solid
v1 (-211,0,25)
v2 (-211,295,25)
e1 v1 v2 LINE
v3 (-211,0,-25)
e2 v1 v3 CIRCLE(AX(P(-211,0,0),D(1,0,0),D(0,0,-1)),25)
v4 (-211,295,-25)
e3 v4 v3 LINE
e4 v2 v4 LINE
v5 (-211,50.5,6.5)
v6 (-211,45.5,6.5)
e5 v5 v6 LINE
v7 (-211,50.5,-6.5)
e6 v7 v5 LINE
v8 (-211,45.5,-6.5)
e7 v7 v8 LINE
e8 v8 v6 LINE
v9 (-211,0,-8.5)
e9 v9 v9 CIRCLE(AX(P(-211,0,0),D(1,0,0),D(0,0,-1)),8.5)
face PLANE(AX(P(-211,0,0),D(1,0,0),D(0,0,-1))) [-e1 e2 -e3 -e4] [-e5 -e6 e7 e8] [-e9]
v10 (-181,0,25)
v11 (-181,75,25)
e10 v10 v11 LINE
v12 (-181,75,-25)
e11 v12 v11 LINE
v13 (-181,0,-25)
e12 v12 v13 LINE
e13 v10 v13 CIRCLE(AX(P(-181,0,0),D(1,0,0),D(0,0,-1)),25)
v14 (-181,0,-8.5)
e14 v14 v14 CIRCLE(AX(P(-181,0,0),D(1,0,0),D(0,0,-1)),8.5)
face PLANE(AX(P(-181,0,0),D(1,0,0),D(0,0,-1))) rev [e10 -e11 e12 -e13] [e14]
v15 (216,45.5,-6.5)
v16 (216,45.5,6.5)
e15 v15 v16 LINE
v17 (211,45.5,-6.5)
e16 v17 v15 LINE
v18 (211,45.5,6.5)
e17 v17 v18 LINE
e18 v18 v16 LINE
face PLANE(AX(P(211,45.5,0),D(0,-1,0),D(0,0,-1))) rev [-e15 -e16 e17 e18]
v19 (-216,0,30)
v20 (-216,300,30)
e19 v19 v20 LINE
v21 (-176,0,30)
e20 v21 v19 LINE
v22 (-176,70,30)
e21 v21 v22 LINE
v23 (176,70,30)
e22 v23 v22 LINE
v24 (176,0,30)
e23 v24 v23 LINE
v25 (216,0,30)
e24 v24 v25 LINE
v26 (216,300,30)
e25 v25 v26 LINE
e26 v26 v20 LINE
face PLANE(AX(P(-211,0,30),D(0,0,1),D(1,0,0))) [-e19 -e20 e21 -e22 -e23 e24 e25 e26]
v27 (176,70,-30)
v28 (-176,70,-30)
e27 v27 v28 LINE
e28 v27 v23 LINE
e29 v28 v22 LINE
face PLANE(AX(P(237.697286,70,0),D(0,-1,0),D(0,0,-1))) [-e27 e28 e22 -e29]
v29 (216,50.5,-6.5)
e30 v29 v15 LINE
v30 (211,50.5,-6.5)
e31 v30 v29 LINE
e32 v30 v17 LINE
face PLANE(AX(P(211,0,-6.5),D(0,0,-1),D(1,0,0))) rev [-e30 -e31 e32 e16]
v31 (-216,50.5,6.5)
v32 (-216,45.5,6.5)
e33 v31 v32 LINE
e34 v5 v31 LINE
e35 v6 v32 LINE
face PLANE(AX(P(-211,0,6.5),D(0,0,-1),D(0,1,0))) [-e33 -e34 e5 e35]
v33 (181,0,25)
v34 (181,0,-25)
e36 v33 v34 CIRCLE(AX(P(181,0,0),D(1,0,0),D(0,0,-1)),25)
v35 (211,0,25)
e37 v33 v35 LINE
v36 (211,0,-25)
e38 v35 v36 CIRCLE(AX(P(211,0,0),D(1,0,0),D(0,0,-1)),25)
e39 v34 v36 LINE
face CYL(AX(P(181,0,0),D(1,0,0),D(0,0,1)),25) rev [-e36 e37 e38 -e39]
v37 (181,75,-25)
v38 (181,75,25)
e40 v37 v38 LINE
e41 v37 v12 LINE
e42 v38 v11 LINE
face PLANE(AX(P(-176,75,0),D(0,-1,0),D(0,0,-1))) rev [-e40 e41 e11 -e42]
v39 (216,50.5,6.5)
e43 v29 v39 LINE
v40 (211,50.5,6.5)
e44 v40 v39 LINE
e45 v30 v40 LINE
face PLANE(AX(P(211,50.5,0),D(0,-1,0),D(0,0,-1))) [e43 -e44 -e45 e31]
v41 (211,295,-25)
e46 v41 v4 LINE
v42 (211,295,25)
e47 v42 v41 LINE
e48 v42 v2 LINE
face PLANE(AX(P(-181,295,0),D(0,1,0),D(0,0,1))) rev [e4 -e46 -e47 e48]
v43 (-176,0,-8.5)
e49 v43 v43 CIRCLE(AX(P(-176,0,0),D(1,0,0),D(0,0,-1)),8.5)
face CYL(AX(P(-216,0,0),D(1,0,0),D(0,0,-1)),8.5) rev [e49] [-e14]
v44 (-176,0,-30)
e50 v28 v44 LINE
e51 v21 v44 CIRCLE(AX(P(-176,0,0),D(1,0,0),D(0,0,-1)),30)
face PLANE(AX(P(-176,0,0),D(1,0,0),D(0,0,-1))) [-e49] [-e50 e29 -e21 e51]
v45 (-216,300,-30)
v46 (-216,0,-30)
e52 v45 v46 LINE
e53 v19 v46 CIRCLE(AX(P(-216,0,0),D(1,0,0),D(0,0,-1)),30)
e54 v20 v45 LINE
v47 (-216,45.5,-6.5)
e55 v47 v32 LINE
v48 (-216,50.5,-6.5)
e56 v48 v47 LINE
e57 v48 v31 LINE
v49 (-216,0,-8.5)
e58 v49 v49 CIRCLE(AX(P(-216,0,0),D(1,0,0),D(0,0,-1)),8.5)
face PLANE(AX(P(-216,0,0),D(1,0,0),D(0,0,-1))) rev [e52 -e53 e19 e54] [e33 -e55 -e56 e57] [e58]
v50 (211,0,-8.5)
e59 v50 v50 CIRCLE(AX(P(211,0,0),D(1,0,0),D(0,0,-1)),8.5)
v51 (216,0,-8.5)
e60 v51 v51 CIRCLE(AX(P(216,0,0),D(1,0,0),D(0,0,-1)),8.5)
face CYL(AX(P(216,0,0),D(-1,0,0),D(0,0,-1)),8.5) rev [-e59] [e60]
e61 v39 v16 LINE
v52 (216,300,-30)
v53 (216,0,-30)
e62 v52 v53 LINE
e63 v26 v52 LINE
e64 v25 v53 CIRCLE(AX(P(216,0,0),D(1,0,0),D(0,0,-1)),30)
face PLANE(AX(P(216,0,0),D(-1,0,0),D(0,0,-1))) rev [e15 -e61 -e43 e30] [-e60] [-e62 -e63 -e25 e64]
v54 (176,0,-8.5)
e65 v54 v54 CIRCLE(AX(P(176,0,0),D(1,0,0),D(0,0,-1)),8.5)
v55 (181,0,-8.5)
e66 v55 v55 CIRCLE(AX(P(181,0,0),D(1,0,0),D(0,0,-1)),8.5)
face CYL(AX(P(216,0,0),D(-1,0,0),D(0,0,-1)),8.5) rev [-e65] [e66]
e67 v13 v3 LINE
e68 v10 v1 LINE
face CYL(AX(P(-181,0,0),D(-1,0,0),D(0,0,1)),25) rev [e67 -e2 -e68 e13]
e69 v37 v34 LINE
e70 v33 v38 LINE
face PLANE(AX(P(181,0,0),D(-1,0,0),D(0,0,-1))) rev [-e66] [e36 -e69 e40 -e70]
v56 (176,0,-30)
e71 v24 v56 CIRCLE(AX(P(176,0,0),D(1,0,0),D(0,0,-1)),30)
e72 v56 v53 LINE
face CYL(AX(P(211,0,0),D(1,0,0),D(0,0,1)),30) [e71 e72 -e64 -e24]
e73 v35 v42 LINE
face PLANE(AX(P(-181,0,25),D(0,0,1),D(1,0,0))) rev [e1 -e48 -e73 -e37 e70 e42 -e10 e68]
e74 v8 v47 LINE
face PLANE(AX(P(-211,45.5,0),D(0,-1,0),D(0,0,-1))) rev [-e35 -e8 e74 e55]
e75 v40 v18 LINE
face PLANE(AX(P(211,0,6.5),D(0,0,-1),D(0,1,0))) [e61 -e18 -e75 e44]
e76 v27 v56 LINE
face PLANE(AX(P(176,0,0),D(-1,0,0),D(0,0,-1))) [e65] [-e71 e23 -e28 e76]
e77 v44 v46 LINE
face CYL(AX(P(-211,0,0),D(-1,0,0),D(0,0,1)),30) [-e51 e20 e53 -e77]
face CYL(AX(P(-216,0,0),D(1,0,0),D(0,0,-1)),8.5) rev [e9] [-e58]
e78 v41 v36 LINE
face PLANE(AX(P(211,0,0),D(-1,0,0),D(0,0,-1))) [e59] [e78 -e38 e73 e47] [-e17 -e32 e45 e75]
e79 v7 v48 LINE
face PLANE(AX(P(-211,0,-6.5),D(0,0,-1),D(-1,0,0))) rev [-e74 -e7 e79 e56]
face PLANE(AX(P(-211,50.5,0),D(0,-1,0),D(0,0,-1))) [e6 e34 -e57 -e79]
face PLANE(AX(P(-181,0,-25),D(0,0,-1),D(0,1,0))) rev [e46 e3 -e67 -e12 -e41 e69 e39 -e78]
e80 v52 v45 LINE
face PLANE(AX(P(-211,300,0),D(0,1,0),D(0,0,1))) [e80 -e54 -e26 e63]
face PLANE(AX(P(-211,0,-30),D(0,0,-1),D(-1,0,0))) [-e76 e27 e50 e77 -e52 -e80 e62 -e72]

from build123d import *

# Parameters (mm, degrees)
BOSS_EXTRUDE1_START = -216
SKETCH3_W           = 13
SKETCH3_H           = 5
BOSS_EXTRUDE1_DEPTH = 5
BOSS_EXTRUDE2_START = -211
SKETCH3_4_W         = 5
SKETCH3_4_H         = 5
BOSS_EXTRUDE2_DEPTH = 30
BOSS_EXTRUDE3_START = -181
SKETCH3_5_W         = 50
SKETCH3_5_H         = 220
BOSS_EXTRUDE3_DEPTH = 5
BOSS_EXTRUDE4_START = -176
SKETCH3_6_W         = 5
SKETCH3_6_H         = 5
SKETCH3_6_W_2       = 50
BOSS_EXTRUDE4_DEPTH = 176
SKETCH6_R           = 8.5
CUT_EXTRUDE1_DEPTH  = 371.885427053


with BuildPart() as part:
    # Sketch3 → Boss-Extrude1 (new body)
    with BuildSketch(Plane(origin=(0, 0, 0), x_dir=(0, 0, -1), z_dir=(1, 0, 0)).offset(BOSS_EXTRUDE1_START)):
        with BuildLine():
            Line((-30, 0), (-30, 300))
            Line((-30, 300), (30, 300))
            Line((30, 300), (30, 0))
            ThreePointArc((30, 0), (0, -30), (-30, 0))
        make_face()
        with Locations((0, 48)):
            Rectangle(SKETCH3_W, SKETCH3_H, mode=Mode.SUBTRACT)
    extrude(amount=BOSS_EXTRUDE1_DEPTH)

    # Sketch3<4> → Boss-Extrude2 (add)
    with BuildSketch(Plane(origin=(0, 0, 0), x_dir=(0, 0, -1), z_dir=(1, 0, 0)).offset(BOSS_EXTRUDE2_START)):
        Polygon((-30, 300), (-30, 75), (-25, 75), (-25, 295), (25, 295), (25, 75), (30, 75), (30, 300), align=None)
        with BuildLine():
            Line((-30, 70), (-30, 0))
            ThreePointArc((-30, 0), (0, -30), (30, 0))
            Line((30, 0), (30, 70))
            Line((30, 70), (25, 70))
            Line((25, 70), (25, 0))
            ThreePointArc((25, 0), (0, -25), (-25, 0))
            Line((-25, 0), (-25, 70))
            Line((-25, 70), (-30, 70))
        make_face()
        with Locations((-27.5, 72.5)):
            Rectangle(SKETCH3_4_W, SKETCH3_4_H)
        with Locations((27.5, 72.5)):
            Rectangle(SKETCH3_4_W, SKETCH3_4_H)
    extrude(amount=BOSS_EXTRUDE2_DEPTH)

    # Sketch3<5> → Boss-Extrude3 (add)
    with BuildSketch(Plane(origin=(0, 0, 0), x_dir=(0, 0, -1), z_dir=(1, 0, 0)).offset(BOSS_EXTRUDE3_START)):
        with BuildLine():
            ThreePointArc((-30, 0), (0, -30), (30, 0))
            Line((30, 0), (30, 300))
            Line((30, 300), (-30, 300))
            Line((-30, 300), (-30, 0))
        make_face()
        with Locations((0, 185)):
            Rectangle(SKETCH3_5_W, SKETCH3_5_H, mode=Mode.SUBTRACT)
    extrude(amount=BOSS_EXTRUDE3_DEPTH)

    # Sketch3<6> → Boss-Extrude4 (add)
    with BuildSketch(Plane(origin=(0, 0, 0), x_dir=(0, 0, -1), z_dir=(1, 0, 0)).offset(BOSS_EXTRUDE4_START)):
        Polygon((-30, 300), (-30, 75), (-25, 75), (-25, 295), (25, 295), (25, 75), (30, 75), (30, 300), align=None)
        with Locations((-27.5, 72.5)):
            Rectangle(SKETCH3_6_W, SKETCH3_6_H)
        with Locations((0, 72.5)):
            Rectangle(SKETCH3_6_W_2, SKETCH3_6_H)
        with Locations((27.5, 72.5)):
            Rectangle(SKETCH3_6_W, SKETCH3_6_H)
    extrude(amount=BOSS_EXTRUDE4_DEPTH)

    # Sketch6 → Cut-Extrude1 (cut, through all)
    with BuildSketch(Plane(origin=(0, 0, 0), x_dir=(0, 0, -1), z_dir=(1, 0, 0))):
        Circle(SKETCH6_R)
    extrude(amount=-CUT_EXTRUDE1_DEPTH, mode=Mode.SUBTRACT)

    # Mirror5: part across plane


with BuildPart() as part_1:
    add(part.part)
    add(part.part.mirror(Plane(origin=(0, 0, 0), x_dir=(0, 0, 1), z_dir=(1, 0, 0))))


solid = part_1.part
